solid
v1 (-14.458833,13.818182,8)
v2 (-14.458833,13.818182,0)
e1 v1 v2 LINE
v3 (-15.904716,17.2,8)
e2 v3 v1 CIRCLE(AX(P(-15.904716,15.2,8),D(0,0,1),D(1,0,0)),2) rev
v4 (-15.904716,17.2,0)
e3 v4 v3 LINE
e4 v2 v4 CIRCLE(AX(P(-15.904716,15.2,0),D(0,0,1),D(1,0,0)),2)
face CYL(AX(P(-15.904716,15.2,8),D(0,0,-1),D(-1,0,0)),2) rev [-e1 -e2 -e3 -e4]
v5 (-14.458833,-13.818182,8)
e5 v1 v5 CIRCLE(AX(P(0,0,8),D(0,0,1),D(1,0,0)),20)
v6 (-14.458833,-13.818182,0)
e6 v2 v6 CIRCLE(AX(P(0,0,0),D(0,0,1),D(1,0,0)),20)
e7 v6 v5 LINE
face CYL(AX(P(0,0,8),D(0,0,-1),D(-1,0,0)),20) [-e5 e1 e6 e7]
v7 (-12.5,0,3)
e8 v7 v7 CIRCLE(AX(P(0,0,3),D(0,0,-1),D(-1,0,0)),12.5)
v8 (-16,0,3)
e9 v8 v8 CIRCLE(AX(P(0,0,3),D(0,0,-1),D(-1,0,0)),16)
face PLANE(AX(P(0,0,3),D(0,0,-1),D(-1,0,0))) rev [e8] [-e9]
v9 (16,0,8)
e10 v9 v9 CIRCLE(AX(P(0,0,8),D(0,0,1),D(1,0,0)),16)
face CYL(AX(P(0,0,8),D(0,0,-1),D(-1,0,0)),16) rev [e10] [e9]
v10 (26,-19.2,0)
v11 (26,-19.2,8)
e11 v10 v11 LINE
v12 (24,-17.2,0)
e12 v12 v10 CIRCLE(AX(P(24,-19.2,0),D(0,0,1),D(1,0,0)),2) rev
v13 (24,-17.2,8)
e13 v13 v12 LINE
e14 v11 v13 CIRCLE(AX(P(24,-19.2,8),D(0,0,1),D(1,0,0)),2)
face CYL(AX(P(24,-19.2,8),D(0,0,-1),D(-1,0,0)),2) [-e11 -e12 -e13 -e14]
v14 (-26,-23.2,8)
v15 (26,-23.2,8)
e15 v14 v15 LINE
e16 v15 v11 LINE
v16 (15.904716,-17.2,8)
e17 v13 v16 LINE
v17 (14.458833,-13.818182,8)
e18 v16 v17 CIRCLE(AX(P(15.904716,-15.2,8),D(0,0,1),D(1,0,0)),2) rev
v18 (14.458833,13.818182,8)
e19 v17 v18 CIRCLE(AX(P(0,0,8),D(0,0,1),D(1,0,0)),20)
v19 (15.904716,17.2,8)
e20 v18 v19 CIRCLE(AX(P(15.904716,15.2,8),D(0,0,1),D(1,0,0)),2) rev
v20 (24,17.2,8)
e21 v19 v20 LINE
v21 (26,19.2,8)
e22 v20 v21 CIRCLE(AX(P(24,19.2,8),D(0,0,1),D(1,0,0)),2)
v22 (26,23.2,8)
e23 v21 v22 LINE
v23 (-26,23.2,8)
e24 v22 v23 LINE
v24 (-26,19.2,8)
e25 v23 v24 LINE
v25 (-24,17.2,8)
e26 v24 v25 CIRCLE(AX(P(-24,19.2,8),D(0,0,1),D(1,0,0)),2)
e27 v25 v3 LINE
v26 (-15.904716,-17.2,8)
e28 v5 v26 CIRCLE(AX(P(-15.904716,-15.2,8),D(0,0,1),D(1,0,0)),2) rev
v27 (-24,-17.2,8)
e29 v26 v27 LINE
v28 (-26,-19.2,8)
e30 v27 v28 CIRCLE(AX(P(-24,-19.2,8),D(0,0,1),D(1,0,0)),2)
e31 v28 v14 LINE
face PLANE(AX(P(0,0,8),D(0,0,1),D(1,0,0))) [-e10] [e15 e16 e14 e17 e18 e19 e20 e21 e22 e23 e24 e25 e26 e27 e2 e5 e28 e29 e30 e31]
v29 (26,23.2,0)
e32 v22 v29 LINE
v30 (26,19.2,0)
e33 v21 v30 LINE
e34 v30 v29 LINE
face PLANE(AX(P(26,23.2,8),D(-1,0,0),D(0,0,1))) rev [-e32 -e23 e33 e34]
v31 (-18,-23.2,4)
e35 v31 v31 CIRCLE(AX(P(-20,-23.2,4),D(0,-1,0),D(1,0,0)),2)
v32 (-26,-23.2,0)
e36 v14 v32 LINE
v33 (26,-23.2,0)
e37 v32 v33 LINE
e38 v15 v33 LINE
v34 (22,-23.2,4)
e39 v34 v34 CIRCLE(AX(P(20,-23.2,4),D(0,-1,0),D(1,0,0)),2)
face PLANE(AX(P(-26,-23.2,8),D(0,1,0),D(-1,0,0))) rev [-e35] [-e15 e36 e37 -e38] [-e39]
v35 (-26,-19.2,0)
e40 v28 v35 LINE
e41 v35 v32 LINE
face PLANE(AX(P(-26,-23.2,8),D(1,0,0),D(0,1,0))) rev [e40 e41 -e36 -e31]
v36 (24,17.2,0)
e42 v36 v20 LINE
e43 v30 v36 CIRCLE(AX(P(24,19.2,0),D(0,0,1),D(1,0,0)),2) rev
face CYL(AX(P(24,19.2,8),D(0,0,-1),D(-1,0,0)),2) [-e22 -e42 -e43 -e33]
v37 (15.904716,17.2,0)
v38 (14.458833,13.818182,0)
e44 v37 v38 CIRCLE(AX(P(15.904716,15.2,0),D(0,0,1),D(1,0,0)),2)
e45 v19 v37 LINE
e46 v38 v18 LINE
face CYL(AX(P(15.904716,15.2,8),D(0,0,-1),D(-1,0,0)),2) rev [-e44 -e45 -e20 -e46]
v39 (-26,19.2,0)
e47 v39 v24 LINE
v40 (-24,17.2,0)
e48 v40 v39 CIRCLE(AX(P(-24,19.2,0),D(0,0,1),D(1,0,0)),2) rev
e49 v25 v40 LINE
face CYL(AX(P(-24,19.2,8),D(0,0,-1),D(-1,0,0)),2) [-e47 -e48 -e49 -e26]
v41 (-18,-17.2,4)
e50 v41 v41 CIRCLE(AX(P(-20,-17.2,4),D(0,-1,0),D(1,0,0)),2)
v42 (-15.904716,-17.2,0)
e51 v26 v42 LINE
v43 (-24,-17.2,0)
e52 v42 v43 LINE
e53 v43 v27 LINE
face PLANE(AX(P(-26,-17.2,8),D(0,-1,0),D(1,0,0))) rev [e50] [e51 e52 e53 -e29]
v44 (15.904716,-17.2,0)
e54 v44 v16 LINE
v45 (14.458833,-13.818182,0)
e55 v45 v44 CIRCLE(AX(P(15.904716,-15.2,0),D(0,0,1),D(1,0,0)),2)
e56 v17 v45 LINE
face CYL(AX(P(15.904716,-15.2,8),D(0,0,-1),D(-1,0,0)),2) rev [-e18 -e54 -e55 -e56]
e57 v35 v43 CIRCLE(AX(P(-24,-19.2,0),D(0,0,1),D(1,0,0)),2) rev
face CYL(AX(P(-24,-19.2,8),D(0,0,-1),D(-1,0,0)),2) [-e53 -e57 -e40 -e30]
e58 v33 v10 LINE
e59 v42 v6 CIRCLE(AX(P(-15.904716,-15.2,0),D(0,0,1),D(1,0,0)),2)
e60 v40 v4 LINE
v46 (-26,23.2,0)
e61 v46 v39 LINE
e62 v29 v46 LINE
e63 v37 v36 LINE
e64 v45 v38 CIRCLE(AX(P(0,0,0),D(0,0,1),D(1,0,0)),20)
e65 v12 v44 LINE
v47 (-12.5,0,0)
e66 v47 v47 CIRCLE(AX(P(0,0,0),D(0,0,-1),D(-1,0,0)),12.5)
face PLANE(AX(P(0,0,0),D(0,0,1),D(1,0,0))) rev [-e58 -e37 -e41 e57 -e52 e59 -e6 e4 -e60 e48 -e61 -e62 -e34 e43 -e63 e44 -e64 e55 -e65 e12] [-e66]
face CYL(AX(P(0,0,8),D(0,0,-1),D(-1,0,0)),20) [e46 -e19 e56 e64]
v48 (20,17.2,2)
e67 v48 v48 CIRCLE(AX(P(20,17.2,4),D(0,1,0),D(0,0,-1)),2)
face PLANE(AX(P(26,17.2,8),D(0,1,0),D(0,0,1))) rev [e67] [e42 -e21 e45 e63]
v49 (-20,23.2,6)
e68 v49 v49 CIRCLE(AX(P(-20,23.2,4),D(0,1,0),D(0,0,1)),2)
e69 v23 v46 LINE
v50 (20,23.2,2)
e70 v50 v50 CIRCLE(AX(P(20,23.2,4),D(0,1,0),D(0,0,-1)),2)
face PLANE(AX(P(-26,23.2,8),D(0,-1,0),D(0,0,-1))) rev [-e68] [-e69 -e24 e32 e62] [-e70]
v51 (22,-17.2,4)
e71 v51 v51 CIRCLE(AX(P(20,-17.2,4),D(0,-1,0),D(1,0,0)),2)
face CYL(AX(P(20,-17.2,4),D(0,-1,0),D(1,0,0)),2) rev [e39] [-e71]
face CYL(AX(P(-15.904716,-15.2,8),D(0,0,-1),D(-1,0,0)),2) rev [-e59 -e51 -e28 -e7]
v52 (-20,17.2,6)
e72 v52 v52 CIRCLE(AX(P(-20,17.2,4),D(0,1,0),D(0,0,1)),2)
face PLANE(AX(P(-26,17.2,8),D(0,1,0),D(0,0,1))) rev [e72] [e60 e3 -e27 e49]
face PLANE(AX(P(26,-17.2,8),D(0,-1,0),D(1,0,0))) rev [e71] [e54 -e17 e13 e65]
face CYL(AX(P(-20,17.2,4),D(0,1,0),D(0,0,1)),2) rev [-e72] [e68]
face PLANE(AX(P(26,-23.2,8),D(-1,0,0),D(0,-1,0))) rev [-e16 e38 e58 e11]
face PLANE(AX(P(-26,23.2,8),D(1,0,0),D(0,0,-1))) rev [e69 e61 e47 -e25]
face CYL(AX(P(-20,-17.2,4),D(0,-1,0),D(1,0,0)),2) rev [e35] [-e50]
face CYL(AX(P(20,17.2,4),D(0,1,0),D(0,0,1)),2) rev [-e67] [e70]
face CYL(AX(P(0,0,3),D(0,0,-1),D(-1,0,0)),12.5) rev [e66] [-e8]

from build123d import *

# Parameters (mm, degrees)
SKETCH_1_R          = 16
EXTRUDE_1_DEPTH     = 8
SKETCH_2_R          = 2
CUT_EXTRUDE_1_DEPTH = 6
CUT_EXTRUDE_START   = -6
SKETCH_3_R          = 2
CUT_EXTRUDE_2_DEPTH = 6
FILLET_1_R          = 2
FILLET_2_R          = 2
SKETCH_4_R          = 16
SKETCH_4_R_2        = 12.5
EXTRUDE_2_DEPTH     = 3


with BuildPart() as part:
    # 草图1 → 凸台-拉伸1 (new body)
    with BuildSketch(Plane.XY):
        with BuildLine():
            Line((-26, 23.2), (26, 23.2))
            Line((26, 23.2), (26, 17.2))
            Line((26, 17.2), (10.205880658, 17.2))
            ThreePointArc((10.205880658, 17.2), (20, 0), (10.205880658, -17.2))
            Line((10.205880658, -17.2), (26, -17.2))
            Line((26, -17.2), (26, -23.2))
            Line((26, -23.2), (-26, -23.2))
            Line((-26, -23.2), (-26, -17.2))
            Line((-26, -17.2), (-10.205880658, -17.2))
            ThreePointArc((-10.205880658, -17.2), (-20, 0), (-10.205880658, 17.2))
            Line((-10.205880658, 17.2), (-26, 17.2))
            Line((-26, 17.2), (-26, 23.2))
        make_face()
        Circle(SKETCH_1_R, mode=Mode.SUBTRACT)
    extrude(amount=EXTRUDE_1_DEPTH)

    # 草图2 → 切除-拉伸1 (cut)
    with BuildSketch(Plane(origin=(0, 23.2, 0), x_dir=(1, 0, 0), z_dir=(0, 1, 0))):
        with Locations(Location((-20, -4, 0), (0, 0, 270))):
            Circle(SKETCH_2_R)
        with Locations(Location((20, -4, 0), (0, 0, 90))):
            Circle(SKETCH_2_R)
    extrude(amount=-CUT_EXTRUDE_1_DEPTH, mode=Mode.SUBTRACT)

    # 草图3 → 切除-拉伸2 (cut)
    with BuildSketch(Plane.XZ.offset(23.2).offset(CUT_EXTRUDE_START)):
        with Locations(Location((20, 4, 0), (0, 0, 270))):
            Circle(SKETCH_3_R)
        with Locations(Location((-20, 4, 0), (0, 0, 90))):
            Circle(SKETCH_3_R)
    extrude(amount=CUT_EXTRUDE_2_DEPTH, mode=Mode.SUBTRACT)

    # 圆角1
    fillet_1_edges = [part.edges().sort_by_distance(p)[0] for p in [
        (-10.205880658, -17.2, 4),
        (-10.205880658, 17.2, 4),
        (10.205880658, 17.2, 4),
        (10.205880658, -17.2, 4),
    ]]
    fillet(fillet_1_edges, radius=FILLET_1_R)

    # 圆角2
    fillet_2_edges = [part.edges().sort_by_distance(p)[0] for p in [
        (-26, -17.2, 4),
        (-26, 17.2, 4),
        (26, 17.2, 4),
        (26, -17.2, 4),
    ]]
    fillet(fillet_2_edges, radius=FILLET_2_R)

    # 草图4 → 凸台-拉伸2 (add)
    with BuildSketch(Plane(origin=(0, 0, 0), x_dir=(-1, 0, 0), z_dir=(0, 0, -1))):
        Circle(SKETCH_4_R)
        Circle(SKETCH_4_R_2, mode=Mode.SUBTRACT)
    extrude(amount=-EXTRUDE_2_DEPTH)


solid = part.part
